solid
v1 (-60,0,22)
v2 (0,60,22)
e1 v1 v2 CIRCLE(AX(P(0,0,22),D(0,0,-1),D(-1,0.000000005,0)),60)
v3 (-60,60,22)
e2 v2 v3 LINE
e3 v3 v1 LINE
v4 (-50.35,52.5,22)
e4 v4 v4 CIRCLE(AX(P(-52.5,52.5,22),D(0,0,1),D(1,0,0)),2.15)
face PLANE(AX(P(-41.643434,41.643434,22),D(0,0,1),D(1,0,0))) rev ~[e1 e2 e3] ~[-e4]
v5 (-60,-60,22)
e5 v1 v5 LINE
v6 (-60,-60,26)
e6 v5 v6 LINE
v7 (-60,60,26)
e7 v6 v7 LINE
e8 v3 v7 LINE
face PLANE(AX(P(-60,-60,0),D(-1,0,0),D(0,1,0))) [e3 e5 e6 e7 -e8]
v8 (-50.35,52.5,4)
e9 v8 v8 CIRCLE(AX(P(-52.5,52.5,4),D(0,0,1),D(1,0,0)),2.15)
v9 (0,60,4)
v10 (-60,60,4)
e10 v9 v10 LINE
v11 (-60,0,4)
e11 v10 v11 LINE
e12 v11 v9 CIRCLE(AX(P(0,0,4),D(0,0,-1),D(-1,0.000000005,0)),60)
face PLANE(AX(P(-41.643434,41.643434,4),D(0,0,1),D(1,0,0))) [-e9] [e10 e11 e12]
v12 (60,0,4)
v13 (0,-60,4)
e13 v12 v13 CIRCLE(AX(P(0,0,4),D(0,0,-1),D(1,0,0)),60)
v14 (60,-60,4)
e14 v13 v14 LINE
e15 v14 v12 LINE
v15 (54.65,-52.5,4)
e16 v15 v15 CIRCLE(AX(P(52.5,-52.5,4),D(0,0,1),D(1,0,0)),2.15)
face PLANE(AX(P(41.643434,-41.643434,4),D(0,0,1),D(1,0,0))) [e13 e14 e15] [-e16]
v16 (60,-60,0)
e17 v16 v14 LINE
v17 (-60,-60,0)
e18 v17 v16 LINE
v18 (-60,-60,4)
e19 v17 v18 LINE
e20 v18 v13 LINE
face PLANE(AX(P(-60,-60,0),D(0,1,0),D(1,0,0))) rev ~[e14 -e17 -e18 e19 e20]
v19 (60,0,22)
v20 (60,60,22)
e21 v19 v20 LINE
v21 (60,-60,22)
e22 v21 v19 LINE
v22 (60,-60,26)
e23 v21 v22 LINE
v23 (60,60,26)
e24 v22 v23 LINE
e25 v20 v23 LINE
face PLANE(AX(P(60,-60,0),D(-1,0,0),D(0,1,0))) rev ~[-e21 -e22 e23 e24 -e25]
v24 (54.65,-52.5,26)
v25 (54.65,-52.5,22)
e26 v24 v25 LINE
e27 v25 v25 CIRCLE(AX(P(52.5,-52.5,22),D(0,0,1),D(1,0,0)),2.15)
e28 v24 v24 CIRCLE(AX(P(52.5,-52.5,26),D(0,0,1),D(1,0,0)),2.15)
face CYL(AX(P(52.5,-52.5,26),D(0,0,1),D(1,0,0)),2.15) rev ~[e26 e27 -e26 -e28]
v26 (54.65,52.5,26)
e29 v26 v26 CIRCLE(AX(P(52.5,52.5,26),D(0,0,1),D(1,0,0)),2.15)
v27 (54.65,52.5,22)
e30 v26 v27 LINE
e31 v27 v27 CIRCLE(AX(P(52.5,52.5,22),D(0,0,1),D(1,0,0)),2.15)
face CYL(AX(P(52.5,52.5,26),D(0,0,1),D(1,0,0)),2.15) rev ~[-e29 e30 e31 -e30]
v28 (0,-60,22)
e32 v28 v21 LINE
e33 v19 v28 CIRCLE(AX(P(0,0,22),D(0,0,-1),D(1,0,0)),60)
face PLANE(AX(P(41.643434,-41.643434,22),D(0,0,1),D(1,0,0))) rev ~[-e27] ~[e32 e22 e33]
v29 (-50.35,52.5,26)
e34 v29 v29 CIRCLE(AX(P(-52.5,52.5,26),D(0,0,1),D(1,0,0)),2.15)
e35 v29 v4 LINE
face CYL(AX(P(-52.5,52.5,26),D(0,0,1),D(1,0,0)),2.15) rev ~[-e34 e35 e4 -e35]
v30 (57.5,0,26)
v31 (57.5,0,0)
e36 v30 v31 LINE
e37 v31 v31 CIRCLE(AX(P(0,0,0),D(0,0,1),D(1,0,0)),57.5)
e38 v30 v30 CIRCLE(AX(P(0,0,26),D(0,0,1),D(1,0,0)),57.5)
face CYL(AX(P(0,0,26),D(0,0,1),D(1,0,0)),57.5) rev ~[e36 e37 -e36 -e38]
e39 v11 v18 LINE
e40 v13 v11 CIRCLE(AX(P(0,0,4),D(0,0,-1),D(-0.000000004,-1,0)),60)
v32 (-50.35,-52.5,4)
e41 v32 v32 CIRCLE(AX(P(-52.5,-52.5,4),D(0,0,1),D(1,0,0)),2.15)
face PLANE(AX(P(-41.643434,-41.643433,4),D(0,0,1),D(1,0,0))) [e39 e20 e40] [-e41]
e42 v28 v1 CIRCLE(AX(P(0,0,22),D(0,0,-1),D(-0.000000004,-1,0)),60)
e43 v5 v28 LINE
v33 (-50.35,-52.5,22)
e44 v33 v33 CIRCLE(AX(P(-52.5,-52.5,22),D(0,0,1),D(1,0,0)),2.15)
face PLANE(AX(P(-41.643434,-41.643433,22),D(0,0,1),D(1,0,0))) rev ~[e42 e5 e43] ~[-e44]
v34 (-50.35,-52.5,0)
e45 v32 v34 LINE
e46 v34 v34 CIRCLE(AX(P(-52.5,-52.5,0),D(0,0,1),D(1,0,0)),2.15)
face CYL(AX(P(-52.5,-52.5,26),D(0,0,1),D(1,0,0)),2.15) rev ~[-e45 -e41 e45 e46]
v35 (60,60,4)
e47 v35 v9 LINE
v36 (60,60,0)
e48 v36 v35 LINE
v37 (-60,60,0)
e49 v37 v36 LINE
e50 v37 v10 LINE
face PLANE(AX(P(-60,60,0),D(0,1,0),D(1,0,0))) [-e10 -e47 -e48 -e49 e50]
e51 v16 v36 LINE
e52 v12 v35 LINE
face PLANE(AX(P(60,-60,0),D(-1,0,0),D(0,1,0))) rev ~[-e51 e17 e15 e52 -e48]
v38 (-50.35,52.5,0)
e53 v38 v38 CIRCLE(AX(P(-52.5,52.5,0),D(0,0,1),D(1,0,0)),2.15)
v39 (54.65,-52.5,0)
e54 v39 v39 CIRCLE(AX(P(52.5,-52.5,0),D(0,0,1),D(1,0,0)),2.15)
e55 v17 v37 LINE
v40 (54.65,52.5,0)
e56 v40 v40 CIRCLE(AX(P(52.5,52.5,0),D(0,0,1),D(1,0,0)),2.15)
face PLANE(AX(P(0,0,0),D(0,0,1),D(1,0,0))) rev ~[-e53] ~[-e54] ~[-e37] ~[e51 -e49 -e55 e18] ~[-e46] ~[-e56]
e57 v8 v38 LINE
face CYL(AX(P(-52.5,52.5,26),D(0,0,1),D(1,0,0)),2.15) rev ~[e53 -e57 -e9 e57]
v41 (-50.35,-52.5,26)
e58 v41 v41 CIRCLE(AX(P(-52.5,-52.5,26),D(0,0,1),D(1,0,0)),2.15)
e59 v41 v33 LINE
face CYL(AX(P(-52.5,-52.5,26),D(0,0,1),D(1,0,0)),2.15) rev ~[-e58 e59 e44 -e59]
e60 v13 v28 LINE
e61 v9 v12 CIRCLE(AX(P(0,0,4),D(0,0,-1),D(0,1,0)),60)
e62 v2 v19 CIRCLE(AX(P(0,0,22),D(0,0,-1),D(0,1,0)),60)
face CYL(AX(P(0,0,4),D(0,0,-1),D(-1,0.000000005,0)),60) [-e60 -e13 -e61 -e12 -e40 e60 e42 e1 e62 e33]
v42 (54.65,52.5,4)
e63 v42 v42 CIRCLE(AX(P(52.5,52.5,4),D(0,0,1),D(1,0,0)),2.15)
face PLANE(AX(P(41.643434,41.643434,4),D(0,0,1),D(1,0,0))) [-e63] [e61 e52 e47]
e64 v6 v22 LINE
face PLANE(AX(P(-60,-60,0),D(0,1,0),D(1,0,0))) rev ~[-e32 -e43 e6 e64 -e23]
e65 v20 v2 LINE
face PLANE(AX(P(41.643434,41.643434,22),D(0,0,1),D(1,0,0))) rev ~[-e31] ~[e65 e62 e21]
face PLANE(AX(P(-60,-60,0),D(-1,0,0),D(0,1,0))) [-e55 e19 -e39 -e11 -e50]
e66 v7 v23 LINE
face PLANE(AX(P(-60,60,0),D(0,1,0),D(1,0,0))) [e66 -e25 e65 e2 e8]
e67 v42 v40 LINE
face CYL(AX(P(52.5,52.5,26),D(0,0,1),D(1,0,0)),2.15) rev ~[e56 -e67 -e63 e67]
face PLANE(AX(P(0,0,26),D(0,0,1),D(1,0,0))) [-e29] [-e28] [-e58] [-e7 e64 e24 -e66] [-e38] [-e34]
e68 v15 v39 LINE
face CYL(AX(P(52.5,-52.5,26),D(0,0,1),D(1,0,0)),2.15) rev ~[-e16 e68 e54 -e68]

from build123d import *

# Parameters (mm, degrees)
F0_W     = 120
F0_H     = 120
F1_DEPTH = 26
F2_R     = 57.5
F3_DEPTH = 26.001
F6_DEPTH = 18
F7_R     = 2.15
F8_DEPTH = 26.001


with BuildPart() as f1:
    # F0 (on Top) → F1 (new body)
    with BuildSketch(Plane.XY):
        Rectangle(F0_W, F0_H)
    extrude(amount=F1_DEPTH)

    # F2 (on face) → F3 (cut, through all)
    with BuildSketch(Plane.XY.offset(26)):
        Circle(F2_R)
    extrude(amount=-F3_DEPTH, mode=Mode.SUBTRACT)

    # F5 (on offset) → F6 (cut)
    with BuildSketch(Plane.XY.offset(4)):
        with BuildLine():
            ThreePointArc((0, 60), (42.4264068712, 42.4264068712), (60, 0))
            Line((60, 0), (60, 60))
            Line((60, 60), (0, 60))
        make_face()
        with BuildLine():
            Line((60, -60), (60, 0))
            ThreePointArc((60, 0), (42.4264067803, -42.426406962), (-2.57e-07, -60))
            Line((-2.57e-07, -60), (60, -60))
        make_face()
        with BuildLine():
            Line((-60, -60), (-2.57e-07, -60))
            ThreePointArc((-2.57e-07, -60), (-42.4264070618, -42.4264066806), (-60, 2.822e-07))
            Line((-60, 2.822e-07), (-60, -60))
        make_face()
        with BuildLine():
            ThreePointArc((-60, 2.822e-07), (-42.4264067714, 42.426406971), (0, 60))
            Line((0, 60), (-60, 60))
            Line((-60, 60), (-60, 2.822e-07))
        make_face()
    extrude(amount=F6_DEPTH, mode=Mode.SUBTRACT)

    # F7 (on face) → F8 (cut, through all)
    with BuildSketch(Plane.XY.offset(26)):
        with Locations((-52.5, 52.5)):
            Circle(F7_R)
        with Locations((52.5, 52.5)):
            Circle(F7_R)
        with Locations((52.5, -52.5)):
            Circle(F7_R)
        with Locations((-52.5, -52.5)):
            Circle(F7_R)
    extrude(amount=-F8_DEPTH, mode=Mode.SUBTRACT)


solid = f1.part
